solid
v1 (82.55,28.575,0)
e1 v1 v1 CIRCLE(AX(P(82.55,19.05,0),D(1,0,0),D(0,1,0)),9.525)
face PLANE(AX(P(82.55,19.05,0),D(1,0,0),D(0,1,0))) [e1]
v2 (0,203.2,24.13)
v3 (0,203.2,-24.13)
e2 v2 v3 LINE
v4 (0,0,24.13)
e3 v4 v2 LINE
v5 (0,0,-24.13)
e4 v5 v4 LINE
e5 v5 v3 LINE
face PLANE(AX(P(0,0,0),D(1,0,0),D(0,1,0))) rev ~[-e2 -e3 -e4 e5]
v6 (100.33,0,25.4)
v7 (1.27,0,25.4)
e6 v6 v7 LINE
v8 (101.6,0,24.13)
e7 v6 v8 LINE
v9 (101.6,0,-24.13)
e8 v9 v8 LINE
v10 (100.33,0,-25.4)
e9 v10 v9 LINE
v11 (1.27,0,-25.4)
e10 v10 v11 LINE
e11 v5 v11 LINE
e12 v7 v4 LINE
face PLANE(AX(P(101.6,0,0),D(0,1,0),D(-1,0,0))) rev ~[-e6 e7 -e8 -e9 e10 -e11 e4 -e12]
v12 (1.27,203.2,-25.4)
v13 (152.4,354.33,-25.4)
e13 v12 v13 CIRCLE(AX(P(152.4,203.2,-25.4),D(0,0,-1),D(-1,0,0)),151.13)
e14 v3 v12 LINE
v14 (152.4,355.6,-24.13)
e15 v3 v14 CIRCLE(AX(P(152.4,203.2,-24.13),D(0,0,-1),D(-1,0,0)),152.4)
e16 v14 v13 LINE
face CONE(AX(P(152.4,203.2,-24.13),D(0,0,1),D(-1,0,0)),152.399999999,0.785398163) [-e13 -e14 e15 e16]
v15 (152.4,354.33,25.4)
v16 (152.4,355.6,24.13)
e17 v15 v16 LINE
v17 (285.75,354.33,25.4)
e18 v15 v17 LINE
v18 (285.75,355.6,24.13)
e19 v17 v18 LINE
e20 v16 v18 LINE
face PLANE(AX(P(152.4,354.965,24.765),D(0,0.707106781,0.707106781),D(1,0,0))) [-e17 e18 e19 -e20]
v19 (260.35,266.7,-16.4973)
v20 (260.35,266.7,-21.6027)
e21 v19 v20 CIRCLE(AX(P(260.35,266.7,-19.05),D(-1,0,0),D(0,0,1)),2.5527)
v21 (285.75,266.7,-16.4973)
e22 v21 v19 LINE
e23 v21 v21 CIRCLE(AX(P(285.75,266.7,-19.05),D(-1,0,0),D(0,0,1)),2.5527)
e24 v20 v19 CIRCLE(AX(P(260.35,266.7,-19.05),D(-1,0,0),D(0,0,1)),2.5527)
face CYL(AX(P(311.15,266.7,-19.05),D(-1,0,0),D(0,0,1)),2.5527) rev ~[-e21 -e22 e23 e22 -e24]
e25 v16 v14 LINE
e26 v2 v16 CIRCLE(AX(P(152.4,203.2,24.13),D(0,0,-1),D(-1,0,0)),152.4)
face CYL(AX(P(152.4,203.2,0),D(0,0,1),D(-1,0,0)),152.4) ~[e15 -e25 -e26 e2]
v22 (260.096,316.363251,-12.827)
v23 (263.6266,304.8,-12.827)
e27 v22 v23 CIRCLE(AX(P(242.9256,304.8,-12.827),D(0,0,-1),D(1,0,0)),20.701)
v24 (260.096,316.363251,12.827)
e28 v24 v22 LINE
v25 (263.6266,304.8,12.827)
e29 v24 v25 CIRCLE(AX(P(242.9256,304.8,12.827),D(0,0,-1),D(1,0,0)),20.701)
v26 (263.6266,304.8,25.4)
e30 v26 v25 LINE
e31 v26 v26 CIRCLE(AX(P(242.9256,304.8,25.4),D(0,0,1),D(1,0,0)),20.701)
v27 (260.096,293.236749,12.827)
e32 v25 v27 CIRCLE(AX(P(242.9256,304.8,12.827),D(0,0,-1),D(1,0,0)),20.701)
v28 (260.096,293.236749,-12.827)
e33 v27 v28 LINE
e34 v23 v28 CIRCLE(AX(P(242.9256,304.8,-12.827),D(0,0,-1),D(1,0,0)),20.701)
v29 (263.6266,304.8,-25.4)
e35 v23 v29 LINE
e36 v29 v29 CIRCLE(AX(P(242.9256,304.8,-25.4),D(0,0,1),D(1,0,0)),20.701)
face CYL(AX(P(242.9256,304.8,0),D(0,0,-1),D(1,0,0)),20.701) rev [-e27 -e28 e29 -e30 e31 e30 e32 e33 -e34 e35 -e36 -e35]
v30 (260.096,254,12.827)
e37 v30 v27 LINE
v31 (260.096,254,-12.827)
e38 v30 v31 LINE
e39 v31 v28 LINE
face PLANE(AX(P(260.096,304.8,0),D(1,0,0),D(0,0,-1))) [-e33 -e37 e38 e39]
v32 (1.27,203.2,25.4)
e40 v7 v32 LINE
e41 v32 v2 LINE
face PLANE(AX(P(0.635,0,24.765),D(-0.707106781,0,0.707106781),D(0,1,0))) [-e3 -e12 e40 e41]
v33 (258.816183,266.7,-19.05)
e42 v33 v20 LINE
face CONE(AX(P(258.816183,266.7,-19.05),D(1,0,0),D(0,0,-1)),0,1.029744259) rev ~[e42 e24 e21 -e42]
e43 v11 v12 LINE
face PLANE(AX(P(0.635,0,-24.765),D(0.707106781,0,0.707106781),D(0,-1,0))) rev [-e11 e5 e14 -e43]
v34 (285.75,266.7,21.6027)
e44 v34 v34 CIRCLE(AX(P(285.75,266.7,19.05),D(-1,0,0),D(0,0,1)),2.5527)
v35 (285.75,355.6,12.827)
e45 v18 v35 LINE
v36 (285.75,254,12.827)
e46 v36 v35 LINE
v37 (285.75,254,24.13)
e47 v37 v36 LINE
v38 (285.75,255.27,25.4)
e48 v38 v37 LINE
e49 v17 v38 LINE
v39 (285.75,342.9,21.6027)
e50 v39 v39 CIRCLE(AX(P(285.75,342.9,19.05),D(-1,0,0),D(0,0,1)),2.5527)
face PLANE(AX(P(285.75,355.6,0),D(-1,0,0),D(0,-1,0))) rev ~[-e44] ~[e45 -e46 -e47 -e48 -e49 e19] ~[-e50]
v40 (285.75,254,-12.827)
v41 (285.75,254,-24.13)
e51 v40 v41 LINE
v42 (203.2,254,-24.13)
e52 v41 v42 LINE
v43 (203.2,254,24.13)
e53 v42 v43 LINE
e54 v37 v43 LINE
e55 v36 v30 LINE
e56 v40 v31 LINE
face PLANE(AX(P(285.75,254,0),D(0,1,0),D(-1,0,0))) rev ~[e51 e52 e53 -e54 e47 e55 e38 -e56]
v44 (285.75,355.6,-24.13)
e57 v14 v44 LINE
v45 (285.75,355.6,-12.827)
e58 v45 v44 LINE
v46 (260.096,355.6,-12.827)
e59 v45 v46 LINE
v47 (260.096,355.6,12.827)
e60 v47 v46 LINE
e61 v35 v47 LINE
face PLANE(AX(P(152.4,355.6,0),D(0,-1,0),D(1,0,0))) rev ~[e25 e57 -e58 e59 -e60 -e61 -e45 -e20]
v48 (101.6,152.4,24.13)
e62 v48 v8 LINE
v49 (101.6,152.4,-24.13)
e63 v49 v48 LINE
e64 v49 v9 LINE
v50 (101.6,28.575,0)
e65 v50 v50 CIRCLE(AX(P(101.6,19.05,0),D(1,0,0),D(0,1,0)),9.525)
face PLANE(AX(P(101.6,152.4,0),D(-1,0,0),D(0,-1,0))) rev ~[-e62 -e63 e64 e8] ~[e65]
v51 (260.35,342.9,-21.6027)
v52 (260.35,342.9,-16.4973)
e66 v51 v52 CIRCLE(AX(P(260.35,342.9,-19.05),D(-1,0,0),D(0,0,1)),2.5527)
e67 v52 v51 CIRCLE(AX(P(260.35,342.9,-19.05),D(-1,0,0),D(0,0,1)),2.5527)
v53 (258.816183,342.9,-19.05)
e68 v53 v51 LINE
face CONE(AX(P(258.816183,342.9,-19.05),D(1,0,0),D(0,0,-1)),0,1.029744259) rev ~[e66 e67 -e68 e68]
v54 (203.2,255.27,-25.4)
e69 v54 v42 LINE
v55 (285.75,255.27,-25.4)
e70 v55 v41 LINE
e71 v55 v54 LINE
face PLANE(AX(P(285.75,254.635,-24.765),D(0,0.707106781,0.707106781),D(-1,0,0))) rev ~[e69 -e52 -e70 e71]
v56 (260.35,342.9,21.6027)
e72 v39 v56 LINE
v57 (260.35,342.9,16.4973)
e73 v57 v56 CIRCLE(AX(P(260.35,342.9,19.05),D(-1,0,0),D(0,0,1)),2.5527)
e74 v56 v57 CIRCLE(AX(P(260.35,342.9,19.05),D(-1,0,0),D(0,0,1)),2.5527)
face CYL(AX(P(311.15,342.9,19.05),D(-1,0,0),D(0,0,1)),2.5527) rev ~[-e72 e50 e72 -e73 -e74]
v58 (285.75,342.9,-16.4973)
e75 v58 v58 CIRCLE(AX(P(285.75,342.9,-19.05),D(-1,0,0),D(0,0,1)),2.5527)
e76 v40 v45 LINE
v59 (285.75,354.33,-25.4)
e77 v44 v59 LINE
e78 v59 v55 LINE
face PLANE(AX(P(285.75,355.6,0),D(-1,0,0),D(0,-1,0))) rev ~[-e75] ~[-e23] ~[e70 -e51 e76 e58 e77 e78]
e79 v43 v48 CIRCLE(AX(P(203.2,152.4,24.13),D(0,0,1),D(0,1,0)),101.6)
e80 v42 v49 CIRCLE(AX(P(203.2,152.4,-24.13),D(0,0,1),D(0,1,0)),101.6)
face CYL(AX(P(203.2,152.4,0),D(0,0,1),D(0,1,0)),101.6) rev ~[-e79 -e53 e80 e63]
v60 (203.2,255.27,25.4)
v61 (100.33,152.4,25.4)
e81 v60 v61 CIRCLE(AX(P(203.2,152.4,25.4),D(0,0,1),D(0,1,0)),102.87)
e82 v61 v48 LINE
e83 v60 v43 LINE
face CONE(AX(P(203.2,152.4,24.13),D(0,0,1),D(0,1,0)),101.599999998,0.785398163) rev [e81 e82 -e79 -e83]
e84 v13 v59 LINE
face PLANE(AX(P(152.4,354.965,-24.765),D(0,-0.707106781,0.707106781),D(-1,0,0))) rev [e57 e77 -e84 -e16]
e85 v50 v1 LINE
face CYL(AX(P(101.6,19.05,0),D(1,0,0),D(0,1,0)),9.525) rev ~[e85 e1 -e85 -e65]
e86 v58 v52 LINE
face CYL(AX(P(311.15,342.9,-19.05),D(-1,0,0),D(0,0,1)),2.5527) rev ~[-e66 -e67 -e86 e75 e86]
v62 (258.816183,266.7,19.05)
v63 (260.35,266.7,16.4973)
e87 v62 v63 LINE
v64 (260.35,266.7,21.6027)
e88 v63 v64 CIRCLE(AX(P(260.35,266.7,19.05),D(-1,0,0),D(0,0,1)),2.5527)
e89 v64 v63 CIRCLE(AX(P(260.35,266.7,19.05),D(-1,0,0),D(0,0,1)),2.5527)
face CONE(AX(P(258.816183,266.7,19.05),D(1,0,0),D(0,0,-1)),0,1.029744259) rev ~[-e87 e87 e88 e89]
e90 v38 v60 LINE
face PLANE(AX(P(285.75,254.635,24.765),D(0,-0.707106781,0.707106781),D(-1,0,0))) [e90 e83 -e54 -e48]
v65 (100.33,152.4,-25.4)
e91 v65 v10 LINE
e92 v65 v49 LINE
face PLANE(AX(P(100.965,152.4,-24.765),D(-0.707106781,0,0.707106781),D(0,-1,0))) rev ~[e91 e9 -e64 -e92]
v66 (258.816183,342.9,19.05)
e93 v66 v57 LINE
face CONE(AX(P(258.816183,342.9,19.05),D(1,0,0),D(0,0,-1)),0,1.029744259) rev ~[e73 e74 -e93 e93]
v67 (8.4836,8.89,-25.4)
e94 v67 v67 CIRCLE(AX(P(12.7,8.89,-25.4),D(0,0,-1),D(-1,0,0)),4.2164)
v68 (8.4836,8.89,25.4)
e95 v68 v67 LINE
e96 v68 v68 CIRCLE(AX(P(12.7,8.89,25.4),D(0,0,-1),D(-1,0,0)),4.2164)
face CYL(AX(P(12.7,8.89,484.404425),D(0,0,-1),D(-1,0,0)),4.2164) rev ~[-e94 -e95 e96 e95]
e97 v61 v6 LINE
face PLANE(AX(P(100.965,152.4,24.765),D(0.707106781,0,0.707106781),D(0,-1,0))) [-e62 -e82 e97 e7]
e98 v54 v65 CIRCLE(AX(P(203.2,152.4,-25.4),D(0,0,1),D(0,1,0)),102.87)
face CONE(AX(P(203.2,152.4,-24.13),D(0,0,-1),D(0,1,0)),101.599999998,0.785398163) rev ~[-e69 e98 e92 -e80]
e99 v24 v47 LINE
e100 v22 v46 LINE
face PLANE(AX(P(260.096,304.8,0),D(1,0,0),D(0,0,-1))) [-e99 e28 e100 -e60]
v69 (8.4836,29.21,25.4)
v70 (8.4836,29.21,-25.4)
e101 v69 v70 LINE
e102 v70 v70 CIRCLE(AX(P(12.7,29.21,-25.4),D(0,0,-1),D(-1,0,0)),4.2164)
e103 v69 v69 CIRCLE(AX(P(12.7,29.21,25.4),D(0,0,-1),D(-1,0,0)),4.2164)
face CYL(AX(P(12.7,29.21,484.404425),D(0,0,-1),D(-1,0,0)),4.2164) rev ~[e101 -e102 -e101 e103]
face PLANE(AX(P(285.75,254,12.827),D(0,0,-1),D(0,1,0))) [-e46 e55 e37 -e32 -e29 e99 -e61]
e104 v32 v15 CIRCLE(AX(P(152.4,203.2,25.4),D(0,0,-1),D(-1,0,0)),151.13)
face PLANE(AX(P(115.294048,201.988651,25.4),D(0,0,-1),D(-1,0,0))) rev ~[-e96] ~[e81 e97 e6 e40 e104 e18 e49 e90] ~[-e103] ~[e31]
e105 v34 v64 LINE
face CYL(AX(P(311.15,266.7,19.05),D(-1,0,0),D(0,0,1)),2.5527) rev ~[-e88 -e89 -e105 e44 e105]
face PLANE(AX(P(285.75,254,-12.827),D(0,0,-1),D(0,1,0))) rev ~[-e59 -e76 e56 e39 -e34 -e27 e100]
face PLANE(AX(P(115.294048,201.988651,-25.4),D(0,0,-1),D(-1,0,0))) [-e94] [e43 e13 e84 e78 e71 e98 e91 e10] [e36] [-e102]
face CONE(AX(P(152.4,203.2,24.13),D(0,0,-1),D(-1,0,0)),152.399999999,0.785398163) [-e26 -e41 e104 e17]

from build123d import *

# Parameters (mm, degrees)
SKETCH1_R                   = 20.701
BOSS_EXTRUDE1_DEPTH         = 25.4
SKETCH2_W                   = 25.654
SKETCH2_H                   = 101.6
CUT_EXTRUDE1_DEPTH          = 25.654
F_1_4_20_TAPPED_HOLE1_D     = 5.1054
F_1_4_20_TAPPED_HOLE1_DEPTH = 25.4
F_1_4_20_TAPPED_HOLE1_TIP   = 1.533816902
F_3_8_24_TAPPED_HOLE1_D     = 8.4328
SKETCH10_R                  = 9.525
CUT_EXTRUDE2_DEPTH          = 19.05
CHAMFER1_SIZE               = 1.27


with BuildPart() as part:
    # Sketch1 → Boss-Extrude1 (new, symmetric)
    with BuildSketch(Plane.XY):
        with BuildLine():
            Line((0, 0), (0, 203.2))
            ThreePointArc((0, 203.2), (44.636926547, 310.963073453), (152.4, 355.6))
            Line((152.4, 355.6), (285.75, 355.6))
            Line((285.75, 355.6), (285.75, 254))
            Line((285.75, 254), (203.2, 254))
            ThreePointArc((203.2, 254), (131.357951031, 224.242048969), (101.6, 152.4))
            Line((101.6, 152.4), (101.6, 0))
            Line((101.6, 0), (0, 0))
        make_face()
        with Locations((242.9256, 304.8)):
            Circle(SKETCH1_R, mode=Mode.SUBTRACT)
    extrude(amount=BOSS_EXTRUDE1_DEPTH, both=True)

    # Sketch2 → Cut-Extrude1 (cut)
    with BuildSketch(Plane(origin=(285.75, 0, 0), x_dir=(0, 0, -1), z_dir=(1, 0, 0))):
        with Locations((0, 304.8)):
            Rectangle(SKETCH2_W, SKETCH2_H)
    extrude(amount=-CUT_EXTRUDE1_DEPTH, mode=Mode.SUBTRACT)

    # 1/4-20 Tapped Hole1
    with Locations(Plane(origin=(285.75, 0, 0), x_dir=(0, 0, -1), z_dir=(1, 0, 0))):
        with Locations((19.05, 342.9), (-19.05, 342.9), (-19.05, 266.7), (19.05, 266.7)):
            Hole(F_1_4_20_TAPPED_HOLE1_D / 2, depth=F_1_4_20_TAPPED_HOLE1_DEPTH)
            with Locations((0, 0, -(F_1_4_20_TAPPED_HOLE1_DEPTH + F_1_4_20_TAPPED_HOLE1_TIP / 2))):  # 118° drill point
                Cone(0, F_1_4_20_TAPPED_HOLE1_D / 2, F_1_4_20_TAPPED_HOLE1_TIP, mode=Mode.SUBTRACT)

    # 3/8-24 Tapped Hole1 (through all)
    with Locations(Plane.XY.offset(25.4)):
        with Locations((12.7, 29.21), (12.7, 8.89)):
            Hole(F_3_8_24_TAPPED_HOLE1_D / 2)

    # Sketch10 → Cut-Extrude2 (cut)
    with BuildSketch(Plane(origin=(101.6, 0, 0), x_dir=(0, 0, -1), z_dir=(1, 0, 0))):
        with Locations(Location((0, 19.05, 0), (0, 0, 90))):
            Circle(SKETCH10_R)
    extrude(amount=-CUT_EXTRUDE2_DEPTH, mode=Mode.SUBTRACT)

    # Chamfer1
    chamfer1_edges = [part.edges().sort_by_distance(p)[0] for p in [
        (244.475, 254, -25.4),
        (131.357951031, 224.242048969, -25.4),
        (101.6, 76.2, -25.4),
        (131.357951031, 224.242048969, 25.4),
        (244.475, 254, 25.4),
        (219.075, 355.6, 25.4),
        (44.636926547, 310.963073453, 25.4),
        (0, 101.6, 25.4),
        (0, 101.6, -25.4),
        (101.6, 76.2, 25.4),
        (44.636926547, 310.963073453, -25.4),
        (219.075, 355.6, -25.4),
    ]]
    chamfer(chamfer1_edges, length=CHAMFER1_SIZE)


solid = part.part
